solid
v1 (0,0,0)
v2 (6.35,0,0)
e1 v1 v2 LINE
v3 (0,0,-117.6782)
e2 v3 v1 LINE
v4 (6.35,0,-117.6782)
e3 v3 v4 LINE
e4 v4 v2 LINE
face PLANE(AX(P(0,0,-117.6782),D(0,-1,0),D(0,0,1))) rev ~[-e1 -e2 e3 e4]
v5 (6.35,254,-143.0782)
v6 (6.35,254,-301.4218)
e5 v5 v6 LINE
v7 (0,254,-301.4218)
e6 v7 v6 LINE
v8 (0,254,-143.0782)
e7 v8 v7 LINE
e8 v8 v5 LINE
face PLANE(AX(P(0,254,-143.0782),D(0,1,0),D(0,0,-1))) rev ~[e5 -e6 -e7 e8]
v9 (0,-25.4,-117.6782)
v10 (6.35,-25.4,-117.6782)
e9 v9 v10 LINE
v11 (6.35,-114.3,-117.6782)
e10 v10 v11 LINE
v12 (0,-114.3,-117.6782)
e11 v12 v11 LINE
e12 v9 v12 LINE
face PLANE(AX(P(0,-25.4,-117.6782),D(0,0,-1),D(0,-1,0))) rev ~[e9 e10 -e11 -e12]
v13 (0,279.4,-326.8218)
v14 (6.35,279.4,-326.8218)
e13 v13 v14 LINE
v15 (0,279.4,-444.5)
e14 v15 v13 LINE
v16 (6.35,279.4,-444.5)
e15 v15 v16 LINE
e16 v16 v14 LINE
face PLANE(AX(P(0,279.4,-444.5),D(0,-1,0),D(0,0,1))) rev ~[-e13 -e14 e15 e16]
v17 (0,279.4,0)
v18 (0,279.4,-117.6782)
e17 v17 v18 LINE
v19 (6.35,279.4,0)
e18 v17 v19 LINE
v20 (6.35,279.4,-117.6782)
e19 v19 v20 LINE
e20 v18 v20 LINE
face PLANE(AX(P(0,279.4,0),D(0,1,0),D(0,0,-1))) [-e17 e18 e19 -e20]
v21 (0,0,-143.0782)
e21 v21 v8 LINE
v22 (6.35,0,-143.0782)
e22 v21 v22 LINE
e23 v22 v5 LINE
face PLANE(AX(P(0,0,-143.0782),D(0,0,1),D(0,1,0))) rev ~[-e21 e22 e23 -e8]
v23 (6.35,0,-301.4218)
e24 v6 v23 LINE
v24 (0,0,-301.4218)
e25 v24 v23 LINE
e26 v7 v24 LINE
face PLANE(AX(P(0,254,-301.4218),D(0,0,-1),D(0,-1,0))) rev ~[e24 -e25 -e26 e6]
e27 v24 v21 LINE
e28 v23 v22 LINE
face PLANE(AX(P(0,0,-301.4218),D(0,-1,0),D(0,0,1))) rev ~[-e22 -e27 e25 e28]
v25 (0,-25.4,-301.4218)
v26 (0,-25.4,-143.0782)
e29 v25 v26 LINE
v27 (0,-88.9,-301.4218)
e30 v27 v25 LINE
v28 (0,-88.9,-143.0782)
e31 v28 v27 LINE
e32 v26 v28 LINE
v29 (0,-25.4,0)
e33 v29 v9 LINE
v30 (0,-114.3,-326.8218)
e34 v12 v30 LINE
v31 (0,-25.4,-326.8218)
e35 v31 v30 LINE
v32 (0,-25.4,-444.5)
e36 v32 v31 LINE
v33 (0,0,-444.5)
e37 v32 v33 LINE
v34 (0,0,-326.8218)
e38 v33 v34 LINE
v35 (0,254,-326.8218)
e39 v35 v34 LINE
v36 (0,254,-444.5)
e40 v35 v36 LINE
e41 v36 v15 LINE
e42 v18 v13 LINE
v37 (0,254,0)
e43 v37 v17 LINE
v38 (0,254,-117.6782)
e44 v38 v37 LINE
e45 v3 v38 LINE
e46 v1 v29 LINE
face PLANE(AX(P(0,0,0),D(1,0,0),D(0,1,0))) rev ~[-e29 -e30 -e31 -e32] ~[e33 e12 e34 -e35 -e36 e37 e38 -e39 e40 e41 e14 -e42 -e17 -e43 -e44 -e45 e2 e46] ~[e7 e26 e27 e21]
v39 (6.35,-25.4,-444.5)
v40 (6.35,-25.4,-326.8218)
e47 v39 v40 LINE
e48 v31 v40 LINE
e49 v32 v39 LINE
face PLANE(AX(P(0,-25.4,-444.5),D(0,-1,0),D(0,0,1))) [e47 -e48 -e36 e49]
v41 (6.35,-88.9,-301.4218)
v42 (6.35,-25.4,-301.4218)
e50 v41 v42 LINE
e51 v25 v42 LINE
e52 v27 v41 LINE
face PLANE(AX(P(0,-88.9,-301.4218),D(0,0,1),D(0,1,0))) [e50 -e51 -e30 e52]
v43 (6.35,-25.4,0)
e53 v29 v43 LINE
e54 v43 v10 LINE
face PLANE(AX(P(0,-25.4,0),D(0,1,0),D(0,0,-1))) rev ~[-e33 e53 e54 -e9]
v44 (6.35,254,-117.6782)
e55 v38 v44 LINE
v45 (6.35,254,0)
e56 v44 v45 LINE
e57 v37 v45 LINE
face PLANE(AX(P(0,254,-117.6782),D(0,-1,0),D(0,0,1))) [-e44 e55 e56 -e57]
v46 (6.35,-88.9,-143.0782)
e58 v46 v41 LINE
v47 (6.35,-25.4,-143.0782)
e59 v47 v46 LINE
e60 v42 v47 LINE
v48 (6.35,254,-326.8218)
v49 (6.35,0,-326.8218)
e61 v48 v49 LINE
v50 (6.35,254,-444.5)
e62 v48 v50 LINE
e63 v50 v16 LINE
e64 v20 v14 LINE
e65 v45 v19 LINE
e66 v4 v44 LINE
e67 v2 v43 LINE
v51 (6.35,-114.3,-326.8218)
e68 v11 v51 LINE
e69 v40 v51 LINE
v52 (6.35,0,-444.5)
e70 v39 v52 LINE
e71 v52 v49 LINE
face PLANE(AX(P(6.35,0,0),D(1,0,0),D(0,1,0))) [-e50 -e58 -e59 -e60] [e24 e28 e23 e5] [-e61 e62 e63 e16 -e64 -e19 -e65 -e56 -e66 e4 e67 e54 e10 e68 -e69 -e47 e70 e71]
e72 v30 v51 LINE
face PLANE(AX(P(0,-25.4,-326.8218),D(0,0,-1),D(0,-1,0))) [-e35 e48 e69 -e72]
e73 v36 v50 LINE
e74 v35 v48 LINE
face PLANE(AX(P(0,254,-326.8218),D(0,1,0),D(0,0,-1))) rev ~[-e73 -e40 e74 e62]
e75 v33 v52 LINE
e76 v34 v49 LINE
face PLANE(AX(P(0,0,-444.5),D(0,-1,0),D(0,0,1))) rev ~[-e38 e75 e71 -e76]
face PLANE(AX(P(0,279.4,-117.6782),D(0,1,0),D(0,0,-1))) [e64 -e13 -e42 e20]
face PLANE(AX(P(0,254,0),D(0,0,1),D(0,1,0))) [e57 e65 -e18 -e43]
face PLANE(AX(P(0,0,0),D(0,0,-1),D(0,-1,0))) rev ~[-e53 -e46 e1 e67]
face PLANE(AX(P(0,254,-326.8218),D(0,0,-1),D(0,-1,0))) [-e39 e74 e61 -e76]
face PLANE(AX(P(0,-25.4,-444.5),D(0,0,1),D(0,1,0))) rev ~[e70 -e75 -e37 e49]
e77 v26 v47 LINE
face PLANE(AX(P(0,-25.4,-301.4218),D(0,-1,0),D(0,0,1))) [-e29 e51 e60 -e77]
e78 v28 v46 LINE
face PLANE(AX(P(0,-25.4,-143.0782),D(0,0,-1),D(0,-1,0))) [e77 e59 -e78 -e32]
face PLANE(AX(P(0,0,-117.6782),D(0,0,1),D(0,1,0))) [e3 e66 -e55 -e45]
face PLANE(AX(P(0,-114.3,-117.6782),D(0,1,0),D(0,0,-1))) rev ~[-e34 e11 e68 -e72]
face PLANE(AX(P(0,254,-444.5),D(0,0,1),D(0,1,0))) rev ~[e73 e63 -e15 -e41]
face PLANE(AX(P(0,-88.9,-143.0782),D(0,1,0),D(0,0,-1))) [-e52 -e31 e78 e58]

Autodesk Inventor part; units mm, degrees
ref_plane "YZ Plane" through (0, 0, 0) normal (1, 0, 0) x (0, 1, 0)
ref_plane "XZ Plane" through (0, 0, 0) normal (0, 1, 0) x (-1, 0, 0)
ref_plane "XY Plane" through (0, 0, 0) normal (0, 0, 1) x (1, 0, 0)
sketch "Sketch1" plane through (0, 0, 0) normal (1, 0, 0) x (0, 1, 0)
  line L0 (0, 0) -> (-114.3, 0)
  line L1 (-114.3, 0) -> (-114.3, -444.5)
  line L2 (-114.3, -444.5) -> (0, -444.5)
  line L3 (-114.3, 0) -> (-25.4, 0)
  line L4 (-25.4, 0) -> (-25.4, -117.6782)
  line L5 (-25.4, -117.6782) -> (-114.3, -117.6782)
  line L6 (-114.3, -117.6782) -> (-114.3, 0)
  line L7 (-114.3, -444.5) -> (-25.4, -444.5)
  line L8 (-25.4, -444.5) -> (-25.4, -326.8218)
  line L9 (-25.4, -326.8218) -> (-114.3, -326.8218)
  line L10 (-114.3, -326.8218) -> (-114.3, -444.5)
  line L11 (-25.4, -143.0782) -> (-88.9, -143.0782)
  line L12 (-88.9, -143.0782) -> (-88.9, -301.4218)
  line L13 (-88.9, -301.4218) -> (-25.4, -301.4218)
  line L14 (-25.4, -301.4218) -> (-25.4, -143.0782)
  line L15 (279.4, -117.6782) -> (279.4, -326.8218)
  line L16 (-114.3, -326.8218) -> (-114.3, -117.6782)
  line L17 (0, -143.0782) -> (254, -143.0782)
  line L18 (254, -143.0782) -> (254, -301.4218)
  line L19 (254, -301.4218) -> (0, -301.4218)
  line L20 (0, -301.4218) -> (0, -143.0782)
  line L21 (0, -117.6782) -> (0, 0)
  line L22 (0, -444.5) -> (0, -326.8218)
  line L23 (0, -301.4218) -> (0, -143.0782)
  line L24 (-114.3, -117.6782) -> (-25.4, -117.6782)
  line L25 (0, -117.6782) -> (254, -117.6782)
  line L26 (254, -326.8218) -> (0, -326.8218)
  line L27 (-25.4, -326.8218) -> (-114.3, -326.8218)
  line L28 (254, -326.8218) -> (254, -444.5)
  line L29 (254, -444.5) -> (279.4, -444.5)
  line L30 (279.4, -444.5) -> (279.4, -326.8218)
  line L31 (254, -117.6782) -> (254, 0)
  line L32 (254, 0) -> (279.4, 0)
  line L33 (279.4, 0) -> (279.4, -117.6782)
  dimension "d0" = 114.3
  dimension "d1" = 444.5
  dimension "d2" = 88.9
  dimension "d3" = 209.1436
  dimension "d4" = 117.6782
  dimension "d9" = 63.5
  dimension "d10" = 158.3436
  dimension "d11" = 25.4
  dimension "d12" = 25.4
  dimension "d16" = 254
  dimension "d24" = 117.6782
  dimension "d25" = 25.4
  dimension "d26" = 117.6782
  dimension "d27" = 25.4
  dimension "d28" = 393.7
extrude "Extrusion2" add sketch "Sketch1" along normal blind 6.35 contours L21 L25 L31 L32 L33 L15 L30 L29 L28 L26 L22 L2 L8 L9 L1 L5 L4 L0
properties part number "CapBallLiftBacking"
